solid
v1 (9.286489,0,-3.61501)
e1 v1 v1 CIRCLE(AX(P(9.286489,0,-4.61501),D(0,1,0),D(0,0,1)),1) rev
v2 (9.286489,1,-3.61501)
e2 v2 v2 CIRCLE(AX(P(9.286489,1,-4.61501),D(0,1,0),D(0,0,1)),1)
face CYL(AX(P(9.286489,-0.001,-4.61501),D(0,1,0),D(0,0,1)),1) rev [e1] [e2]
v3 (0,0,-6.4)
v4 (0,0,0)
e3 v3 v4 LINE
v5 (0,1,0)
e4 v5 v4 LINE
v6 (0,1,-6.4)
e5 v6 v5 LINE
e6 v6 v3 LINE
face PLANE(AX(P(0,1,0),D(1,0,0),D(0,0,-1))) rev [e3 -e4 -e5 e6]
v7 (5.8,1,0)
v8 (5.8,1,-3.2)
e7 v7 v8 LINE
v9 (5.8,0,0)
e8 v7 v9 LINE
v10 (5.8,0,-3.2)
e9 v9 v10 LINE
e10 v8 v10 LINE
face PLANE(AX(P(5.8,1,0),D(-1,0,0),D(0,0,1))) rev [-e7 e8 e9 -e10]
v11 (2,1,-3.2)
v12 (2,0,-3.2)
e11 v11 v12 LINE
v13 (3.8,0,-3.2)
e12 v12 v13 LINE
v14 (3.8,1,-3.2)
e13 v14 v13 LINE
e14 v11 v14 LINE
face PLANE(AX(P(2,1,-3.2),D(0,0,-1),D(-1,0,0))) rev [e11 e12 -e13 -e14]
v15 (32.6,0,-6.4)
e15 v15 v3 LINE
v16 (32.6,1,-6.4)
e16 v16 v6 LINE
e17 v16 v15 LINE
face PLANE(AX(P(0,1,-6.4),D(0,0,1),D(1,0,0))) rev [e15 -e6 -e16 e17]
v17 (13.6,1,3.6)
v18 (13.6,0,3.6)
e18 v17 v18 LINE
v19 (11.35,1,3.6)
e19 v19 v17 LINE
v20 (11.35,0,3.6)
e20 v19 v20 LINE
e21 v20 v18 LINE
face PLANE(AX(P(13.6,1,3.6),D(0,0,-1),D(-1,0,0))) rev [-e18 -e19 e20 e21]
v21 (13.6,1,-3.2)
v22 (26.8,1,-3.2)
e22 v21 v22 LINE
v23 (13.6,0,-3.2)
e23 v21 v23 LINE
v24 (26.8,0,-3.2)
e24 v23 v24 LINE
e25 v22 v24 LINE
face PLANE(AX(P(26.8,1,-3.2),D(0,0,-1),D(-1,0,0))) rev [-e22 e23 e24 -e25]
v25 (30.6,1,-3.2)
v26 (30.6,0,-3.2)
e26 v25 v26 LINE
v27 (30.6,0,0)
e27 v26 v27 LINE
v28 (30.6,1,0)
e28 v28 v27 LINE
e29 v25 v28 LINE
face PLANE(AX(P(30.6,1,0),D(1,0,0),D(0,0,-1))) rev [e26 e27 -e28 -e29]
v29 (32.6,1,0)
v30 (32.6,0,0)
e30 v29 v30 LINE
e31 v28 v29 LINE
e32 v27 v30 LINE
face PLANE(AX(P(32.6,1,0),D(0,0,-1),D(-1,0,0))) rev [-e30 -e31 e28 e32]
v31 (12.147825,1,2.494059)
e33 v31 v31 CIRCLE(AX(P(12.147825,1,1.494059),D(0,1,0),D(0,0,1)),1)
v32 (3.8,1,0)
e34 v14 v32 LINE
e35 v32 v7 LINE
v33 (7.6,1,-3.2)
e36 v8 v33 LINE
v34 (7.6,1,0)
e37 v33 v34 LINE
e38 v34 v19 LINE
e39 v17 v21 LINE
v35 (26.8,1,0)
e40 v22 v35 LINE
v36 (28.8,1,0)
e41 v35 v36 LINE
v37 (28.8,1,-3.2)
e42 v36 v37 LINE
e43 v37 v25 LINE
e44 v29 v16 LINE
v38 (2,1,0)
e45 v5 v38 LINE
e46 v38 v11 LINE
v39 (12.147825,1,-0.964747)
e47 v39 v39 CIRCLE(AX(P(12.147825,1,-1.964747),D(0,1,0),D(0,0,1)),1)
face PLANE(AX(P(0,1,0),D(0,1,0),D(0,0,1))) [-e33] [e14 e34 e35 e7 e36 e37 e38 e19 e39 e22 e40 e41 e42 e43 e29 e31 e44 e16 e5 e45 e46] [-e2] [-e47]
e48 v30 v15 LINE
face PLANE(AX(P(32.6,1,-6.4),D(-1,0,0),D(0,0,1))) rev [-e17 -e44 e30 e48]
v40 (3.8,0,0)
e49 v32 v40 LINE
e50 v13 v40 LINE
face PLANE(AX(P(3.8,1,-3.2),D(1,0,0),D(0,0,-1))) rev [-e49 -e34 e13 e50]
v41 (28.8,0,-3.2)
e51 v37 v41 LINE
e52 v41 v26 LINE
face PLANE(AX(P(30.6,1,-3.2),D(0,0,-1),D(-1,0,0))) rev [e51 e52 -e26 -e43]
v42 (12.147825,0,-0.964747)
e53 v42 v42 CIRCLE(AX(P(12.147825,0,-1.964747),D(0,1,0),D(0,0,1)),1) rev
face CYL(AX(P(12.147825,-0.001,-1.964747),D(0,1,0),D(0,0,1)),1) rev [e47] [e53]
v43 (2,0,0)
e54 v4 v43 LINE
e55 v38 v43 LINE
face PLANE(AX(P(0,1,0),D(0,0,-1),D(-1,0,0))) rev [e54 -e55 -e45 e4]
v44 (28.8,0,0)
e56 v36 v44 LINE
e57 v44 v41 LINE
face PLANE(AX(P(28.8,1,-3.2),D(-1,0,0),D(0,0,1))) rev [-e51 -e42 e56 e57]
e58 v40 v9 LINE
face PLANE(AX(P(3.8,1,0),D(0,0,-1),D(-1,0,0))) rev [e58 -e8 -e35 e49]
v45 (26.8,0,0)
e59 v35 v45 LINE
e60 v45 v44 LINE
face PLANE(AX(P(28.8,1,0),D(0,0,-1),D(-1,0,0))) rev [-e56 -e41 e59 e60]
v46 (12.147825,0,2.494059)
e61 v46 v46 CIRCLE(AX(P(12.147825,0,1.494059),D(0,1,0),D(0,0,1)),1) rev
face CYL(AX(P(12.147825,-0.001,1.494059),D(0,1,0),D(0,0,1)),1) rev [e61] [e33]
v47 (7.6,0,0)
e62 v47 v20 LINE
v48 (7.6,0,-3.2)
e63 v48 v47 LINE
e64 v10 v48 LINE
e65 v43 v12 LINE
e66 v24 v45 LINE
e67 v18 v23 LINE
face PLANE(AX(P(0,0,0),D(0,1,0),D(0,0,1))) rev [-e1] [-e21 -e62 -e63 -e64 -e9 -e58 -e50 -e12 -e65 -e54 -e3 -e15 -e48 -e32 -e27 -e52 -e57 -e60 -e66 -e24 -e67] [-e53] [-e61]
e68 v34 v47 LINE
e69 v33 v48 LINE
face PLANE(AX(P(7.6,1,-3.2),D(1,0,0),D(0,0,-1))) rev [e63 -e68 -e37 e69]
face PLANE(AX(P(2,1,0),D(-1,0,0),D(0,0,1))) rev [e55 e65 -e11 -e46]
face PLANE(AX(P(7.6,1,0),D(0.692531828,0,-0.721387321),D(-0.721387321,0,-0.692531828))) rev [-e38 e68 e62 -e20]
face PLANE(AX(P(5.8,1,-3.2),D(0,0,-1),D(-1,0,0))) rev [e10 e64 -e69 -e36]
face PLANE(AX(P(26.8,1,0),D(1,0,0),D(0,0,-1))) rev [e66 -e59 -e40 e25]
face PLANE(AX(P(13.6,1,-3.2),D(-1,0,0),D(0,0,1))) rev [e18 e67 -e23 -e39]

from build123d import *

# Parameters (mm, degrees)
BOSS_EXTRUDE1_DEPTH = 1
CUT_EXTRUDE1_REACH  = 3
SKETCH2_R           = 1


with BuildPart() as part:
    # Sketch1 → Boss-Extrude1 (new body)
    with BuildSketch(Plane(origin=(0, 0, 0), x_dir=(1, 0, 0), z_dir=(0, 1, 0))):
        Polygon((0, 0), (0, 6.4), (32.6, 6.4), (32.6, 0), (30.6, 0), (30.6, 3.2), (28.8, 3.2), (28.8, 0), (26.8, 0), (26.8, 3.2), (13.6, 3.2), (13.6, -3.6), (11.35, -3.6), (7.6, 0), (7.6, 3.2), (5.8, 3.2), (5.8, 0), (3.8, 0), (3.8, 3.2), (2, 3.2), (2, 0), align=None)
    extrude(amount=BOSS_EXTRUDE1_DEPTH)

    # Sketch2 → Cut-Extrude1 (cut, up to next)
    with BuildSketch(Plane(origin=(0, 1, 0), x_dir=(1, 0, 0), z_dir=(0, 1, 0)), mode=Mode.PRIVATE) as cut_extrude1_sk1:
        with Locations((9.286488836, 4.615010183)):
            Circle(SKETCH2_R)
    cut_extrude1_tool1 = extrude(cut_extrude1_sk1.sketch, amount=-CUT_EXTRUDE1_REACH, mode=Mode.PRIVATE) & part.part
    add(cut_extrude1_tool1.solids().sort_by_distance((9.286489, 1, -4.61501))[0], mode=Mode.SUBTRACT)
    # Sketch2 → Cut-Extrude1 (cut, up to next)
    with BuildSketch(Plane(origin=(0, 1, 0), x_dir=(1, 0, 0), z_dir=(0, 1, 0)), mode=Mode.PRIVATE) as cut_extrude1_sk2:
        with Locations((12.147825288, 1.964747252)):
            Circle(SKETCH2_R)
    cut_extrude1_tool2 = extrude(cut_extrude1_sk2.sketch, amount=-CUT_EXTRUDE1_REACH, mode=Mode.PRIVATE) & part.part
    add(cut_extrude1_tool2.solids().sort_by_distance((12.147825, 1, -1.964747))[0], mode=Mode.SUBTRACT)
    # Sketch2 → Cut-Extrude1 (cut, up to next)
    with BuildSketch(Plane(origin=(0, 1, 0), x_dir=(1, 0, 0), z_dir=(0, 1, 0)), mode=Mode.PRIVATE) as cut_extrude1_sk3:
        with Locations((12.147825288, -1.494058873)):
            Circle(SKETCH2_R)
    cut_extrude1_tool3 = extrude(cut_extrude1_sk3.sketch, amount=-CUT_EXTRUDE1_REACH, mode=Mode.PRIVATE) & part.part
    add(cut_extrude1_tool3.solids().sort_by_distance((12.147825, 1, 1.494059))[0], mode=Mode.SUBTRACT)


solid = part.part
